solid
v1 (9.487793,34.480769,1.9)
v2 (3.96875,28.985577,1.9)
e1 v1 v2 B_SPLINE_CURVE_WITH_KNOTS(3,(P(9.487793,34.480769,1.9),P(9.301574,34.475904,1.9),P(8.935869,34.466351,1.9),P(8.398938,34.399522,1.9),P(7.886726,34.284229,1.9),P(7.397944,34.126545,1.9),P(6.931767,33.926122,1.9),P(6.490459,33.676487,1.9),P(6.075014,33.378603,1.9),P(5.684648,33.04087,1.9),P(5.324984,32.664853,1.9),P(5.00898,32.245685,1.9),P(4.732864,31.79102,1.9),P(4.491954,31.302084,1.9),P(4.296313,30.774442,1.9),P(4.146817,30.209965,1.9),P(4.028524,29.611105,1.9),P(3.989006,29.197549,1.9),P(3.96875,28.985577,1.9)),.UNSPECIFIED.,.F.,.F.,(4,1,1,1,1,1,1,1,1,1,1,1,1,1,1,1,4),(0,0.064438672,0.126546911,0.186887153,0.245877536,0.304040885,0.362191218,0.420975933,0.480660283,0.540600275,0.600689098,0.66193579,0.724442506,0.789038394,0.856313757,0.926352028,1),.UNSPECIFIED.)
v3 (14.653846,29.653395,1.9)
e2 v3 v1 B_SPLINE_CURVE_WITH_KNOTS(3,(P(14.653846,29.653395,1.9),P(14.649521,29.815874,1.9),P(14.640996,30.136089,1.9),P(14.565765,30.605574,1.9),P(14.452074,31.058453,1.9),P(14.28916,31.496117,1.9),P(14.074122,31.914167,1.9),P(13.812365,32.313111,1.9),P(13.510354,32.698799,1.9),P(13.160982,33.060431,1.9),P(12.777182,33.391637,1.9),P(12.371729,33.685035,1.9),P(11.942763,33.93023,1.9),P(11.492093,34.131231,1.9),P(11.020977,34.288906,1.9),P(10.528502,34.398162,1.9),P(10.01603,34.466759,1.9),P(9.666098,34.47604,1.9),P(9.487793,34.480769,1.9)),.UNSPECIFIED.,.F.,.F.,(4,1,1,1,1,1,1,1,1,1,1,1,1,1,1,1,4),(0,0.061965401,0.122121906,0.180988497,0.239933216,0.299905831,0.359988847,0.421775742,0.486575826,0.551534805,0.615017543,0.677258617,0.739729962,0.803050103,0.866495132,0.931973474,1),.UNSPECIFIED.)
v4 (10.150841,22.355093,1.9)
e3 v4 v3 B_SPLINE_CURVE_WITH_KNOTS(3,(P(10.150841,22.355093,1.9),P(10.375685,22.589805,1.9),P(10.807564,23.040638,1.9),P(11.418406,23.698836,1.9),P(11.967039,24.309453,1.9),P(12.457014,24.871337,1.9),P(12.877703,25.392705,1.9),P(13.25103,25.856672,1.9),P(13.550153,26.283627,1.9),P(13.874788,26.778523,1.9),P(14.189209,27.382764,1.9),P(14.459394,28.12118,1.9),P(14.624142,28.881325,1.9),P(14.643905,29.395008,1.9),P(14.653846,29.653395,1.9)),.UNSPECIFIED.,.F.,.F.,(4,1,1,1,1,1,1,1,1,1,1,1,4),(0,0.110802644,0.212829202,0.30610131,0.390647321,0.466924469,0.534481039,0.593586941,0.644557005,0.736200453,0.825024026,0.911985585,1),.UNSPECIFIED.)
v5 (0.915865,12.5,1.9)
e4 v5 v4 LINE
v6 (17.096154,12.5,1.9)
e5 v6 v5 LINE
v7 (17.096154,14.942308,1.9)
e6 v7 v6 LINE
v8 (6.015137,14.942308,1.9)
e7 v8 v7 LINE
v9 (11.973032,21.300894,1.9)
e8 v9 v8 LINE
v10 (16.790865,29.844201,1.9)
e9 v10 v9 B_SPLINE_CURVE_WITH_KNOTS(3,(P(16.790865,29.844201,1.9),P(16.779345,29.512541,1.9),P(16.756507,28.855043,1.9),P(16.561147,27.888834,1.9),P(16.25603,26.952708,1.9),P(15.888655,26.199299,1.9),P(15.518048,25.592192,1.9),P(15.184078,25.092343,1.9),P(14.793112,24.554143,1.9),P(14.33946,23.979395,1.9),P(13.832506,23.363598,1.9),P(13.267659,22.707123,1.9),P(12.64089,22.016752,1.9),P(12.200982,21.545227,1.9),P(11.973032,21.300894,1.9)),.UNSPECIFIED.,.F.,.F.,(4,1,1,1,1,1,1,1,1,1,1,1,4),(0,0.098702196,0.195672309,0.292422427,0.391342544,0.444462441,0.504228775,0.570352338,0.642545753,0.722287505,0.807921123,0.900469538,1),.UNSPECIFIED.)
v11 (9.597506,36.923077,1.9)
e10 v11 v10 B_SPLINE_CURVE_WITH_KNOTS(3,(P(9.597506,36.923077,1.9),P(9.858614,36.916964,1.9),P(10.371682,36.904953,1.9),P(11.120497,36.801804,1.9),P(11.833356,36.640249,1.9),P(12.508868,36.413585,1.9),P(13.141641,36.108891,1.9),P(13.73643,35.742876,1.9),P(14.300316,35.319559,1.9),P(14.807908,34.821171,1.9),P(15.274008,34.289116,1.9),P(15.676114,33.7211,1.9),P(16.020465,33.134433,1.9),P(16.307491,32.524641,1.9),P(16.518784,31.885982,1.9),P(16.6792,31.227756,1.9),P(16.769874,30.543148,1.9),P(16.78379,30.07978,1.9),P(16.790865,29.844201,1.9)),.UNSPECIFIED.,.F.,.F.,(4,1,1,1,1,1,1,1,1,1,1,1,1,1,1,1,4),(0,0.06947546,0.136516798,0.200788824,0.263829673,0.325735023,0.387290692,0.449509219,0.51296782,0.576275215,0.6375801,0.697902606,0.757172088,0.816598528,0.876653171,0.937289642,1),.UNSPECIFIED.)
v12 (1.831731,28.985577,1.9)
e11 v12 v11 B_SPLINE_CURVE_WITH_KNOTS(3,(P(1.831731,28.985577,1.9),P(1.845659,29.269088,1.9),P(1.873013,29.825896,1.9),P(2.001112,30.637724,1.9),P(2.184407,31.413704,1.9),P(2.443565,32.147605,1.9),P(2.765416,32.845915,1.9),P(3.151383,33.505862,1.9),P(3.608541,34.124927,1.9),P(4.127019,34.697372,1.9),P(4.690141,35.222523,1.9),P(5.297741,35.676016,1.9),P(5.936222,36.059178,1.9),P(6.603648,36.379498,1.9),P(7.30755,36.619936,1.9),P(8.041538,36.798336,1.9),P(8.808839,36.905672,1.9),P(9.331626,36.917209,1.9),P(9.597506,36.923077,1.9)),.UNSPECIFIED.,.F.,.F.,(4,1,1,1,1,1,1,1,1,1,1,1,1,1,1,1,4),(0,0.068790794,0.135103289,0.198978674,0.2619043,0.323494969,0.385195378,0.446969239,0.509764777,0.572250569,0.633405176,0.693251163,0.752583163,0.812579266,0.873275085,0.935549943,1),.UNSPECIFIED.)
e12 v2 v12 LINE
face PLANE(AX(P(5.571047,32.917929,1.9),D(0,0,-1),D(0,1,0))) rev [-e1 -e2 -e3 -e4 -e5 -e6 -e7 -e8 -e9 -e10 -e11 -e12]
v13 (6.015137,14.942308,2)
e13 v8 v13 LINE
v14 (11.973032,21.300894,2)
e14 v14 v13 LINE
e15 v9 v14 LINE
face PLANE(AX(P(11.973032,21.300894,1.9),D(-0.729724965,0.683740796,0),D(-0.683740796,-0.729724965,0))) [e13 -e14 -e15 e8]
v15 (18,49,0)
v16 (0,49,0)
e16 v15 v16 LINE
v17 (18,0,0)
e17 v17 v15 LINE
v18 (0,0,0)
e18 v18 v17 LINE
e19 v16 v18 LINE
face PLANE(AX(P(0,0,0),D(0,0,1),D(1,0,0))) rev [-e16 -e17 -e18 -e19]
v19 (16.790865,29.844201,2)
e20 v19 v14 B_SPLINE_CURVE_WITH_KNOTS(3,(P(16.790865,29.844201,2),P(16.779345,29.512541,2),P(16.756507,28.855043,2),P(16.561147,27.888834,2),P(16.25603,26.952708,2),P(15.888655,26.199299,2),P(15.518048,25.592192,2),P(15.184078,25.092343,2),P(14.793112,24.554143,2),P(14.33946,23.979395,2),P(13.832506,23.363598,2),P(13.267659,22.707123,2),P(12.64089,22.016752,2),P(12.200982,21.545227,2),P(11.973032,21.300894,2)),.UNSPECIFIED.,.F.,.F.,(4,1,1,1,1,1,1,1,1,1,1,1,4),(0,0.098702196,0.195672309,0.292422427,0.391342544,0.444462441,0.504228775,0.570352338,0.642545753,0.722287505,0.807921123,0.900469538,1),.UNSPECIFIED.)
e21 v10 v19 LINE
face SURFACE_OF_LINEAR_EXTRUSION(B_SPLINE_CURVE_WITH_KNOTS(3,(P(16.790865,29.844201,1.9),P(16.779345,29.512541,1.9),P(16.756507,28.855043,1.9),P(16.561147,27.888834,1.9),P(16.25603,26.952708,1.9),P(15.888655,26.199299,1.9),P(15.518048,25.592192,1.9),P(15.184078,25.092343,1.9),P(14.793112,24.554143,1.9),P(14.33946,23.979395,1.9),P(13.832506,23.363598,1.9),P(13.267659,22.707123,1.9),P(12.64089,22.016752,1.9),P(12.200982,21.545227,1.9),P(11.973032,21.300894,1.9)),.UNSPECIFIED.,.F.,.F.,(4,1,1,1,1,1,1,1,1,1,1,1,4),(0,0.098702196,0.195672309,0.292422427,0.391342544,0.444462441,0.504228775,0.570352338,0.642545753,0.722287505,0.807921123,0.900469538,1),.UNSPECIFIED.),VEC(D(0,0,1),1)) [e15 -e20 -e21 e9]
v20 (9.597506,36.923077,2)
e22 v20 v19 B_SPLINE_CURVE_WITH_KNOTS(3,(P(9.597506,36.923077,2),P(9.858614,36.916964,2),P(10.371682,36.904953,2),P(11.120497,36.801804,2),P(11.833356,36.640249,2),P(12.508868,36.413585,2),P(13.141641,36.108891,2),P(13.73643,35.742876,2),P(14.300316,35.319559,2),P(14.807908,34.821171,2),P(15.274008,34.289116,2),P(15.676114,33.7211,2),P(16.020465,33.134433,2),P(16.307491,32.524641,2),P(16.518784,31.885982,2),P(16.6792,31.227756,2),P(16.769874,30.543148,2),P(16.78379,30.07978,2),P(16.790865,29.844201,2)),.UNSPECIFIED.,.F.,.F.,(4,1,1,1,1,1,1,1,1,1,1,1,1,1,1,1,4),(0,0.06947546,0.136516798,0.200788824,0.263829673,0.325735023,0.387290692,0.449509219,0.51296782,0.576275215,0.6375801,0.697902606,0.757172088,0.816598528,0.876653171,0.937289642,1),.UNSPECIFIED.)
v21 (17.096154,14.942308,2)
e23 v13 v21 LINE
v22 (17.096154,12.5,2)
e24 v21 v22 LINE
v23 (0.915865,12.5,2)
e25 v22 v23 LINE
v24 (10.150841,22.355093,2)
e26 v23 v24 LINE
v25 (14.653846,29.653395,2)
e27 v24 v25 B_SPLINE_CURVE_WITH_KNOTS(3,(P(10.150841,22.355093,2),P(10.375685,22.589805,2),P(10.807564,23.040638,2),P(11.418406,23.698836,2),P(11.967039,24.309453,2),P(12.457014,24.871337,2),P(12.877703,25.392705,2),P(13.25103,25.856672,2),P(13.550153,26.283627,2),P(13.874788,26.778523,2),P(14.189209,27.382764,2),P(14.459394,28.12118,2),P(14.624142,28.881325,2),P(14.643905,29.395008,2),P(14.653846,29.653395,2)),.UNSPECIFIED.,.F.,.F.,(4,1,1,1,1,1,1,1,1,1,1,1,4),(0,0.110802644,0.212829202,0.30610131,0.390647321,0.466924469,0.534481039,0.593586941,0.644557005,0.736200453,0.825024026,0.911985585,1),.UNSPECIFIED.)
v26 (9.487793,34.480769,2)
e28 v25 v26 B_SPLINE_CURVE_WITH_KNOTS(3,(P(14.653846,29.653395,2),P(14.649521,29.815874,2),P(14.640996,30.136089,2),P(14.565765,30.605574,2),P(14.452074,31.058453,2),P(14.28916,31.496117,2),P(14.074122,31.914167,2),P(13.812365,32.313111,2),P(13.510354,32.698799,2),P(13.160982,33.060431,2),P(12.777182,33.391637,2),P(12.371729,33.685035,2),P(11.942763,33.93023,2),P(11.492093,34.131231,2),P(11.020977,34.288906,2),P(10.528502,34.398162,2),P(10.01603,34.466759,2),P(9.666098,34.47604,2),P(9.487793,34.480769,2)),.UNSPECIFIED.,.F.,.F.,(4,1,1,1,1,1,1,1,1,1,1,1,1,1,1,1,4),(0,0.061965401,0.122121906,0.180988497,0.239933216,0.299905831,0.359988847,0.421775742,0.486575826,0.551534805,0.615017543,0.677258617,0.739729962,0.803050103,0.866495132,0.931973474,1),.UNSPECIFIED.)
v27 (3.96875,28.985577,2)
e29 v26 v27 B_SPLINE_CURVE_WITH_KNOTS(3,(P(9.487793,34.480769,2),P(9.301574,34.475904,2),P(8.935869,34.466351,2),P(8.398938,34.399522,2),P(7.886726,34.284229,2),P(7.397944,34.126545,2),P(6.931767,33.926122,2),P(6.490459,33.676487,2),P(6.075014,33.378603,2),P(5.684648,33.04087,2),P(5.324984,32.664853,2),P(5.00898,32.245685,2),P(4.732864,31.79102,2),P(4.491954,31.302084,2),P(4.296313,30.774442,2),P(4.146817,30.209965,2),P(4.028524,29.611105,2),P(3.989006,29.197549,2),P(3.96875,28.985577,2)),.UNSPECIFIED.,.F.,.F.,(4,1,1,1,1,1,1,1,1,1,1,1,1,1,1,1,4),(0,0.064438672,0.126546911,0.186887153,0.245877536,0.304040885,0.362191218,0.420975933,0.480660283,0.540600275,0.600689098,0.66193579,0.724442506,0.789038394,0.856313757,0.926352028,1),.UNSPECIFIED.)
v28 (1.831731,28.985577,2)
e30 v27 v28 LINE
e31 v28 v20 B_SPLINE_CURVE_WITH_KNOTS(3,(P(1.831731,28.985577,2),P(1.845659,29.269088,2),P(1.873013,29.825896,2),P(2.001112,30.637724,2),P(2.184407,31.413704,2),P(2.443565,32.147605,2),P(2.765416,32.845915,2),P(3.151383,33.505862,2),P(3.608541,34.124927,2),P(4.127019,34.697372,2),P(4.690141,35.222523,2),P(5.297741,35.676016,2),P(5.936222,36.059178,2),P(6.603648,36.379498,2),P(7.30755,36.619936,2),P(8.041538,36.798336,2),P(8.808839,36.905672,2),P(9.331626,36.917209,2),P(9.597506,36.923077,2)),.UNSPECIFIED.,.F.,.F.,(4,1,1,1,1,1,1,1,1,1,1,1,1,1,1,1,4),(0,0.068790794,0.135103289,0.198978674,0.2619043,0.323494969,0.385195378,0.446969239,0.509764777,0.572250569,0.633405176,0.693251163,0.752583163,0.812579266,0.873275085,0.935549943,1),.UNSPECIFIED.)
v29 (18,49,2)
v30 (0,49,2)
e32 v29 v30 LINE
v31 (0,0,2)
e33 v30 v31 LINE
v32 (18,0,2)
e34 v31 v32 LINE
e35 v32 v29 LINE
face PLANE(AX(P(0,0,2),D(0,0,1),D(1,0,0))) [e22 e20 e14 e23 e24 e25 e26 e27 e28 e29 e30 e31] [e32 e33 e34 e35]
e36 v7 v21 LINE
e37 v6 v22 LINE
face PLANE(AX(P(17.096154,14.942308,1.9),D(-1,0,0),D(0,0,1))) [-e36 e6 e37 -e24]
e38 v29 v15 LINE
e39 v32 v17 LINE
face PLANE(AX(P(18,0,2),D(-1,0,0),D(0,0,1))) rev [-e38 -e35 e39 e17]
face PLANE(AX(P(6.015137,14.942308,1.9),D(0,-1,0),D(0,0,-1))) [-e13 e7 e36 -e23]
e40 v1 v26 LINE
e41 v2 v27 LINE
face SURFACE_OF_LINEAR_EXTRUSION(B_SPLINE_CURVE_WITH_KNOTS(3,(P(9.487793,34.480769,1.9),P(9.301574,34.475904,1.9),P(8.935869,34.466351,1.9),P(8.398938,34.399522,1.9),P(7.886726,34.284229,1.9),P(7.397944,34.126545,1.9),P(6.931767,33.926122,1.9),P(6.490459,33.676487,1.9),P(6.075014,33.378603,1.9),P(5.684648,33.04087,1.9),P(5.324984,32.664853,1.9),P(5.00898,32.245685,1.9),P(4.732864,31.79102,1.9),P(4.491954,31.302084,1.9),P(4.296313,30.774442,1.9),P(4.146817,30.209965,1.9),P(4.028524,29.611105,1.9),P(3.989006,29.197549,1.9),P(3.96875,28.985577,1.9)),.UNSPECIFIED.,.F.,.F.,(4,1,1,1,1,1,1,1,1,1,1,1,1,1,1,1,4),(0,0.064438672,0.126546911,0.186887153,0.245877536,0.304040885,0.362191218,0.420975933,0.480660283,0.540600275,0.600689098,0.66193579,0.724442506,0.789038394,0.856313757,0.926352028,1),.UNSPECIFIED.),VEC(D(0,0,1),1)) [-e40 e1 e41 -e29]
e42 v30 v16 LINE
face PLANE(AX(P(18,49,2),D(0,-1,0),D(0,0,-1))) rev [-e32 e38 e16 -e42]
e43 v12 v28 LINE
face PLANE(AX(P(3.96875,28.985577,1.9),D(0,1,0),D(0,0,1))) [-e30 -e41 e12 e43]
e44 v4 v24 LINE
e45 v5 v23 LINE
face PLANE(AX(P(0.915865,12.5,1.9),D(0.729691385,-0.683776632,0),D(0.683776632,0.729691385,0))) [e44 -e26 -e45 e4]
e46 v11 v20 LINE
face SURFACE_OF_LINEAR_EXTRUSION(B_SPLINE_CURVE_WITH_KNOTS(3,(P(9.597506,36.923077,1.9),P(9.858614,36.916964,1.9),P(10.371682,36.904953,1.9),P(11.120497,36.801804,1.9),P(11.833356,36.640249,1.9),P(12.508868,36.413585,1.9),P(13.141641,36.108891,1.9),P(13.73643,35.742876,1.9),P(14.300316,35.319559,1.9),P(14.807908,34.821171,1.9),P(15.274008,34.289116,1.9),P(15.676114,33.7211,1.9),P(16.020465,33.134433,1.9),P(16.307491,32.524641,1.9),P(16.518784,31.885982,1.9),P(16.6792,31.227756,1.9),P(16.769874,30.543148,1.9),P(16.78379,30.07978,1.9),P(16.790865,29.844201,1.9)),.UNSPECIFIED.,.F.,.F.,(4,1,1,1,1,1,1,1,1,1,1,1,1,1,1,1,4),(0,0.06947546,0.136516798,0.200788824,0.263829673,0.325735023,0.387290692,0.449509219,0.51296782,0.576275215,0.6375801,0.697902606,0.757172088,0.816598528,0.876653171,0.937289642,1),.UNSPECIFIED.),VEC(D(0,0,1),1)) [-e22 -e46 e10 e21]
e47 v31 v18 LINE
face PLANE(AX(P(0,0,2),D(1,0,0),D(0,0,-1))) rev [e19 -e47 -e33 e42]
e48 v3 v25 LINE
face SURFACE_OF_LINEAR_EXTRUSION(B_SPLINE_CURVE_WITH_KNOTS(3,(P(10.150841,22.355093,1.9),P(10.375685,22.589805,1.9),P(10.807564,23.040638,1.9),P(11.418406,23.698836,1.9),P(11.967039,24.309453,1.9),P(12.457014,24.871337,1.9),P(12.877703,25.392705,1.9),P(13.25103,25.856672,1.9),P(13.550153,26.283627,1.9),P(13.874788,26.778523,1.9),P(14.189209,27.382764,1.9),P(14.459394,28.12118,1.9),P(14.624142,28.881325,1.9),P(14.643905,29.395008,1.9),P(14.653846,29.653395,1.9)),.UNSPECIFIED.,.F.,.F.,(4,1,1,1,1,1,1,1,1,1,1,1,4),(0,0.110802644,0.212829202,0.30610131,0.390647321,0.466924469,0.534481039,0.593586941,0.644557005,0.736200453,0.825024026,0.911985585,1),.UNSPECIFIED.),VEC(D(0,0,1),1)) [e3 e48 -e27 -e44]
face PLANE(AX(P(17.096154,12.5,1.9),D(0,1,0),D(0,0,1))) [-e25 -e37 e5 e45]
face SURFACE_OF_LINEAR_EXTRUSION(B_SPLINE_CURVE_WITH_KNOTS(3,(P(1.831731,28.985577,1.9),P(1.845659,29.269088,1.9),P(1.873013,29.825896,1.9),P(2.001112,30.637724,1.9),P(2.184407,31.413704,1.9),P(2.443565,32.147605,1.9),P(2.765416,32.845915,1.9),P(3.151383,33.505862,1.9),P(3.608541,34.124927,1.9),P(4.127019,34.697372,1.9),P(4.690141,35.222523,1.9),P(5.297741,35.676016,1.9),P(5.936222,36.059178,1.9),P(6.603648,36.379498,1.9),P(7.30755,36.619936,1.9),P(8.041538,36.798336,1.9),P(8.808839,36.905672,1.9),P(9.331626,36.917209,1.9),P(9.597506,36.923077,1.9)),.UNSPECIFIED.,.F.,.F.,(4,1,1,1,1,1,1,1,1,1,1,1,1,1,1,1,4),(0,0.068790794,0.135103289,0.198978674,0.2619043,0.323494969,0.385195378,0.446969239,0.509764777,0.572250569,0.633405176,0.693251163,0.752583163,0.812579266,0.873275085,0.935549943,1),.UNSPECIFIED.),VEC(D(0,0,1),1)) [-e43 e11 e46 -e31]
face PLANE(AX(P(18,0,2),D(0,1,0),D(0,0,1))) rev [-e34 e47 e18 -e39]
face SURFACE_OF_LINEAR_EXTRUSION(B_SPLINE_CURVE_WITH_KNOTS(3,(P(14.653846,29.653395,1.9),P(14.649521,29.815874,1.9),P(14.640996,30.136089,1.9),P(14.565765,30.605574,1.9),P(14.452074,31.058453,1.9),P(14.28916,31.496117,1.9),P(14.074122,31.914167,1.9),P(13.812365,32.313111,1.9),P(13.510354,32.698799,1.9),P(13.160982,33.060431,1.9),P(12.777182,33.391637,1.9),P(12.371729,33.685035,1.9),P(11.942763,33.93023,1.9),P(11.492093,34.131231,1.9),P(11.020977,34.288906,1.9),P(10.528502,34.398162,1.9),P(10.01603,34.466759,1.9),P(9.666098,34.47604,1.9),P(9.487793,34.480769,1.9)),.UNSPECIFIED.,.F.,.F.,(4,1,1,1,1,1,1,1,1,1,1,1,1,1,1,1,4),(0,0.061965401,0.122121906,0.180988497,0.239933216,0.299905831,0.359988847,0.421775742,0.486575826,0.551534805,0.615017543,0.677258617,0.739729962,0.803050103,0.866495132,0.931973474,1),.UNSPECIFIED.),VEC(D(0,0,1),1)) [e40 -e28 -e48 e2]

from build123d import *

# Parameters (mm, degrees)
SKETCH_1_W          = 18
SKETCH_1_H          = 49
EXTRUDE_1_DEPTH     = 2
CUT_EXTRUDE_1_DEPTH = 0.1


with BuildPart() as part:
    # ｽｹｯﾁ1 → ﾎﾞｽ - 押し出し1 (new body)
    with BuildSketch(Plane.XY):
        with Locations((9, 24.5)):
            Rectangle(SKETCH_1_W, SKETCH_1_H)
    extrude(amount=EXTRUDE_1_DEPTH)

    # ｽｹｯﾁ2 → ｶｯﾄ - 押し出し1 (cut)
    with BuildSketch(Plane.XY.offset(2)):
        with BuildLine():
            Line((3.96875, 28.985576923), (1.831730769, 28.985576923))
            add(Edge.make_bspline(
                [(1.831730769, 28.985576923), (1.845658721, 29.269087784), (1.873012847, 29.825895571), (2.001112458, 30.637724291), (2.184406641, 31.413704261), (2.443564569, 32.147604926), (2.765416209, 32.845915382), (3.151383002, 33.505861918), (3.608541164, 34.12492697), (4.127019122, 34.6973716), (4.69014147, 35.222522751), (5.297740808, 35.676016457), (5.936222155, 36.059177756), (6.603648422, 36.379498348), (7.307549757, 36.619935514), (8.041538486, 36.798336312), (8.808839396, 36.905671807), (9.331625975, 36.917209206), (9.59750601, 36.923076923)],
                knots=[0, 0, 0, 0, 1.10065271, 2.161652631, 3.183658789, 4.190468796, 5.17591951, 6.163126047, 7.15150782, 8.156236427, 9.156009102, 10.134482811, 11.092018607, 12.041330605, 13.001268258, 13.972401359, 14.968799086, 16, 16, 16, 16], degree=3))
            add(Edge.make_bspline(
                [(9.59750601, 36.923076923), (9.858613978, 36.91696421), (10.371681809, 36.904952949), (11.120496585, 36.801803803), (11.833356392, 36.640248974), (12.508867804, 36.41358516), (13.141641208, 36.108891109), (13.736430136, 35.742875712), (14.300315652, 35.319558645), (14.807908233, 34.821171093), (15.274007844, 34.289115584), (15.676114258, 33.721099669), (16.020464531, 33.134432564), (16.307491425, 32.524640692), (16.518784084, 31.885982446), (16.679200107, 31.227755941), (16.769874118, 30.543147852), (16.783790303, 30.079780036), (16.790865385, 29.844200721)],
                knots=[0, 0, 0, 0, 1.111607364, 2.184268762, 3.212621178, 4.221274766, 5.211760367, 6.196651075, 7.1921475, 8.207485113, 9.220403448, 10.201281604, 11.166441695, 12.114753415, 13.065576456, 14.026450734, 14.996634279, 16, 16, 16, 16], degree=3))
            add(Edge.make_bspline(
                [(16.790865385, 29.844200721), (16.77934515, 29.512541347), (16.756506844, 28.85504275), (16.561146532, 27.888834487), (16.25603009, 26.952707833), (15.888655216, 26.199298688), (15.518048052, 25.592192239), (15.184077688, 25.092342658), (14.793111742, 24.554142953), (14.339459818, 23.979395354), (13.83250617, 23.363597946), (13.267658951, 22.707122731), (12.640890261, 22.016752297), (12.200981533, 21.545226688), (11.973031851, 21.30089393)],
                knots=[0, 0, 0, 0, 1.184426356, 2.348067706, 3.509069118, 4.696110526, 5.333549288, 6.050745305, 6.844228056, 7.710549037, 8.667450064, 9.695053472, 10.805634456, 12, 12, 12, 12], degree=3))
            Line((11.973031851, 21.30089393), (6.015136719, 14.942307692))
            Line((6.015136719, 14.942307692), (17.096153846, 14.942307692))
            Line((17.096153846, 14.942307692), (17.096153846, 12.5))
            Line((17.096153846, 12.5), (0.915865385, 12.5))
            Line((0.915865385, 12.5), (10.150841346, 22.355093149))
            add(Edge.make_bspline(
                [(10.150841346, 22.355093149), (10.375685005, 22.589804842), (10.807563657, 23.040637969), (11.418405831, 23.698835608), (11.967038948, 24.309453019), (12.457014424, 24.871336501), (12.877703095, 25.392704846), (13.251030244, 25.856672383), (13.550153283, 26.283626768), (13.874788385, 26.77852273), (14.189208509, 27.382763674), (14.45939436, 28.121180381), (14.624141811, 28.881324725), (14.643905067, 29.395008227), (14.653846154, 29.653395433)],
                knots=[0, 0, 0, 0, 1.329631726, 2.553950428, 3.673215718, 4.687767853, 5.603093632, 6.413772471, 7.123043292, 7.734684054, 8.834405432, 9.900288307, 10.943827018, 12, 12, 12, 12], degree=3))
            add(Edge.make_bspline(
                [(14.653846154, 29.653395433), (14.649520836, 29.815874233), (14.640996464, 30.136088747), (14.565764629, 30.605574357), (14.452073508, 31.058452823), (14.289160234, 31.496117178), (14.07412152, 31.91416706), (13.812365132, 32.313111345), (13.510354165, 32.698798769), (13.160982136, 33.060431029), (12.777182332, 33.391637088), (12.371728598, 33.685034883), (11.94276271, 33.930229548), (11.492093307, 34.131230841), (11.02097681, 34.288906203), (10.528502026, 34.398161895), (10.016029701, 34.466758795), (9.666098239, 34.476040036), (9.487792969, 34.480769231)],
                knots=[0, 0, 0, 0, 0.991446411, 1.95395049, 2.89581595, 3.838931463, 4.798493298, 5.75982156, 6.748411868, 7.785213223, 8.824556874, 9.840280684, 10.836137867, 11.835679398, 12.848801643, 13.863922112, 14.911575587, 16, 16, 16, 16], degree=3))
            add(Edge.make_bspline(
                [(9.487792969, 34.480769231), (9.301573553, 34.475904458), (8.935869368, 34.466350847), (8.39893809, 34.399521651), (7.886725925, 34.284229415), (7.397944407, 34.126545255), (6.931766511, 33.926121914), (6.490459354, 33.676487008), (6.075013625, 33.378602885), (5.68464835, 33.040869815), (5.324984493, 32.664852742), (5.008979855, 32.245684958), (4.732863616, 31.791019864), (4.491954367, 31.302084261), (4.296312976, 30.774441579), (4.146817077, 30.209964873), (4.028524423, 29.611105117), (3.989005739, 29.19754945), (3.96875, 28.985576923)],
                knots=[0, 0, 0, 0, 1.031018746, 2.02475058, 2.990194455, 3.934040569, 4.864654155, 5.795059489, 6.735614925, 7.690564532, 8.649604399, 9.611025574, 10.590972636, 11.591080095, 12.624614302, 13.701020113, 14.821632451, 16, 16, 16, 16], degree=3))
        make_face()
    extrude(amount=-CUT_EXTRUDE_1_DEPTH, mode=Mode.SUBTRACT)


solid = part.part
